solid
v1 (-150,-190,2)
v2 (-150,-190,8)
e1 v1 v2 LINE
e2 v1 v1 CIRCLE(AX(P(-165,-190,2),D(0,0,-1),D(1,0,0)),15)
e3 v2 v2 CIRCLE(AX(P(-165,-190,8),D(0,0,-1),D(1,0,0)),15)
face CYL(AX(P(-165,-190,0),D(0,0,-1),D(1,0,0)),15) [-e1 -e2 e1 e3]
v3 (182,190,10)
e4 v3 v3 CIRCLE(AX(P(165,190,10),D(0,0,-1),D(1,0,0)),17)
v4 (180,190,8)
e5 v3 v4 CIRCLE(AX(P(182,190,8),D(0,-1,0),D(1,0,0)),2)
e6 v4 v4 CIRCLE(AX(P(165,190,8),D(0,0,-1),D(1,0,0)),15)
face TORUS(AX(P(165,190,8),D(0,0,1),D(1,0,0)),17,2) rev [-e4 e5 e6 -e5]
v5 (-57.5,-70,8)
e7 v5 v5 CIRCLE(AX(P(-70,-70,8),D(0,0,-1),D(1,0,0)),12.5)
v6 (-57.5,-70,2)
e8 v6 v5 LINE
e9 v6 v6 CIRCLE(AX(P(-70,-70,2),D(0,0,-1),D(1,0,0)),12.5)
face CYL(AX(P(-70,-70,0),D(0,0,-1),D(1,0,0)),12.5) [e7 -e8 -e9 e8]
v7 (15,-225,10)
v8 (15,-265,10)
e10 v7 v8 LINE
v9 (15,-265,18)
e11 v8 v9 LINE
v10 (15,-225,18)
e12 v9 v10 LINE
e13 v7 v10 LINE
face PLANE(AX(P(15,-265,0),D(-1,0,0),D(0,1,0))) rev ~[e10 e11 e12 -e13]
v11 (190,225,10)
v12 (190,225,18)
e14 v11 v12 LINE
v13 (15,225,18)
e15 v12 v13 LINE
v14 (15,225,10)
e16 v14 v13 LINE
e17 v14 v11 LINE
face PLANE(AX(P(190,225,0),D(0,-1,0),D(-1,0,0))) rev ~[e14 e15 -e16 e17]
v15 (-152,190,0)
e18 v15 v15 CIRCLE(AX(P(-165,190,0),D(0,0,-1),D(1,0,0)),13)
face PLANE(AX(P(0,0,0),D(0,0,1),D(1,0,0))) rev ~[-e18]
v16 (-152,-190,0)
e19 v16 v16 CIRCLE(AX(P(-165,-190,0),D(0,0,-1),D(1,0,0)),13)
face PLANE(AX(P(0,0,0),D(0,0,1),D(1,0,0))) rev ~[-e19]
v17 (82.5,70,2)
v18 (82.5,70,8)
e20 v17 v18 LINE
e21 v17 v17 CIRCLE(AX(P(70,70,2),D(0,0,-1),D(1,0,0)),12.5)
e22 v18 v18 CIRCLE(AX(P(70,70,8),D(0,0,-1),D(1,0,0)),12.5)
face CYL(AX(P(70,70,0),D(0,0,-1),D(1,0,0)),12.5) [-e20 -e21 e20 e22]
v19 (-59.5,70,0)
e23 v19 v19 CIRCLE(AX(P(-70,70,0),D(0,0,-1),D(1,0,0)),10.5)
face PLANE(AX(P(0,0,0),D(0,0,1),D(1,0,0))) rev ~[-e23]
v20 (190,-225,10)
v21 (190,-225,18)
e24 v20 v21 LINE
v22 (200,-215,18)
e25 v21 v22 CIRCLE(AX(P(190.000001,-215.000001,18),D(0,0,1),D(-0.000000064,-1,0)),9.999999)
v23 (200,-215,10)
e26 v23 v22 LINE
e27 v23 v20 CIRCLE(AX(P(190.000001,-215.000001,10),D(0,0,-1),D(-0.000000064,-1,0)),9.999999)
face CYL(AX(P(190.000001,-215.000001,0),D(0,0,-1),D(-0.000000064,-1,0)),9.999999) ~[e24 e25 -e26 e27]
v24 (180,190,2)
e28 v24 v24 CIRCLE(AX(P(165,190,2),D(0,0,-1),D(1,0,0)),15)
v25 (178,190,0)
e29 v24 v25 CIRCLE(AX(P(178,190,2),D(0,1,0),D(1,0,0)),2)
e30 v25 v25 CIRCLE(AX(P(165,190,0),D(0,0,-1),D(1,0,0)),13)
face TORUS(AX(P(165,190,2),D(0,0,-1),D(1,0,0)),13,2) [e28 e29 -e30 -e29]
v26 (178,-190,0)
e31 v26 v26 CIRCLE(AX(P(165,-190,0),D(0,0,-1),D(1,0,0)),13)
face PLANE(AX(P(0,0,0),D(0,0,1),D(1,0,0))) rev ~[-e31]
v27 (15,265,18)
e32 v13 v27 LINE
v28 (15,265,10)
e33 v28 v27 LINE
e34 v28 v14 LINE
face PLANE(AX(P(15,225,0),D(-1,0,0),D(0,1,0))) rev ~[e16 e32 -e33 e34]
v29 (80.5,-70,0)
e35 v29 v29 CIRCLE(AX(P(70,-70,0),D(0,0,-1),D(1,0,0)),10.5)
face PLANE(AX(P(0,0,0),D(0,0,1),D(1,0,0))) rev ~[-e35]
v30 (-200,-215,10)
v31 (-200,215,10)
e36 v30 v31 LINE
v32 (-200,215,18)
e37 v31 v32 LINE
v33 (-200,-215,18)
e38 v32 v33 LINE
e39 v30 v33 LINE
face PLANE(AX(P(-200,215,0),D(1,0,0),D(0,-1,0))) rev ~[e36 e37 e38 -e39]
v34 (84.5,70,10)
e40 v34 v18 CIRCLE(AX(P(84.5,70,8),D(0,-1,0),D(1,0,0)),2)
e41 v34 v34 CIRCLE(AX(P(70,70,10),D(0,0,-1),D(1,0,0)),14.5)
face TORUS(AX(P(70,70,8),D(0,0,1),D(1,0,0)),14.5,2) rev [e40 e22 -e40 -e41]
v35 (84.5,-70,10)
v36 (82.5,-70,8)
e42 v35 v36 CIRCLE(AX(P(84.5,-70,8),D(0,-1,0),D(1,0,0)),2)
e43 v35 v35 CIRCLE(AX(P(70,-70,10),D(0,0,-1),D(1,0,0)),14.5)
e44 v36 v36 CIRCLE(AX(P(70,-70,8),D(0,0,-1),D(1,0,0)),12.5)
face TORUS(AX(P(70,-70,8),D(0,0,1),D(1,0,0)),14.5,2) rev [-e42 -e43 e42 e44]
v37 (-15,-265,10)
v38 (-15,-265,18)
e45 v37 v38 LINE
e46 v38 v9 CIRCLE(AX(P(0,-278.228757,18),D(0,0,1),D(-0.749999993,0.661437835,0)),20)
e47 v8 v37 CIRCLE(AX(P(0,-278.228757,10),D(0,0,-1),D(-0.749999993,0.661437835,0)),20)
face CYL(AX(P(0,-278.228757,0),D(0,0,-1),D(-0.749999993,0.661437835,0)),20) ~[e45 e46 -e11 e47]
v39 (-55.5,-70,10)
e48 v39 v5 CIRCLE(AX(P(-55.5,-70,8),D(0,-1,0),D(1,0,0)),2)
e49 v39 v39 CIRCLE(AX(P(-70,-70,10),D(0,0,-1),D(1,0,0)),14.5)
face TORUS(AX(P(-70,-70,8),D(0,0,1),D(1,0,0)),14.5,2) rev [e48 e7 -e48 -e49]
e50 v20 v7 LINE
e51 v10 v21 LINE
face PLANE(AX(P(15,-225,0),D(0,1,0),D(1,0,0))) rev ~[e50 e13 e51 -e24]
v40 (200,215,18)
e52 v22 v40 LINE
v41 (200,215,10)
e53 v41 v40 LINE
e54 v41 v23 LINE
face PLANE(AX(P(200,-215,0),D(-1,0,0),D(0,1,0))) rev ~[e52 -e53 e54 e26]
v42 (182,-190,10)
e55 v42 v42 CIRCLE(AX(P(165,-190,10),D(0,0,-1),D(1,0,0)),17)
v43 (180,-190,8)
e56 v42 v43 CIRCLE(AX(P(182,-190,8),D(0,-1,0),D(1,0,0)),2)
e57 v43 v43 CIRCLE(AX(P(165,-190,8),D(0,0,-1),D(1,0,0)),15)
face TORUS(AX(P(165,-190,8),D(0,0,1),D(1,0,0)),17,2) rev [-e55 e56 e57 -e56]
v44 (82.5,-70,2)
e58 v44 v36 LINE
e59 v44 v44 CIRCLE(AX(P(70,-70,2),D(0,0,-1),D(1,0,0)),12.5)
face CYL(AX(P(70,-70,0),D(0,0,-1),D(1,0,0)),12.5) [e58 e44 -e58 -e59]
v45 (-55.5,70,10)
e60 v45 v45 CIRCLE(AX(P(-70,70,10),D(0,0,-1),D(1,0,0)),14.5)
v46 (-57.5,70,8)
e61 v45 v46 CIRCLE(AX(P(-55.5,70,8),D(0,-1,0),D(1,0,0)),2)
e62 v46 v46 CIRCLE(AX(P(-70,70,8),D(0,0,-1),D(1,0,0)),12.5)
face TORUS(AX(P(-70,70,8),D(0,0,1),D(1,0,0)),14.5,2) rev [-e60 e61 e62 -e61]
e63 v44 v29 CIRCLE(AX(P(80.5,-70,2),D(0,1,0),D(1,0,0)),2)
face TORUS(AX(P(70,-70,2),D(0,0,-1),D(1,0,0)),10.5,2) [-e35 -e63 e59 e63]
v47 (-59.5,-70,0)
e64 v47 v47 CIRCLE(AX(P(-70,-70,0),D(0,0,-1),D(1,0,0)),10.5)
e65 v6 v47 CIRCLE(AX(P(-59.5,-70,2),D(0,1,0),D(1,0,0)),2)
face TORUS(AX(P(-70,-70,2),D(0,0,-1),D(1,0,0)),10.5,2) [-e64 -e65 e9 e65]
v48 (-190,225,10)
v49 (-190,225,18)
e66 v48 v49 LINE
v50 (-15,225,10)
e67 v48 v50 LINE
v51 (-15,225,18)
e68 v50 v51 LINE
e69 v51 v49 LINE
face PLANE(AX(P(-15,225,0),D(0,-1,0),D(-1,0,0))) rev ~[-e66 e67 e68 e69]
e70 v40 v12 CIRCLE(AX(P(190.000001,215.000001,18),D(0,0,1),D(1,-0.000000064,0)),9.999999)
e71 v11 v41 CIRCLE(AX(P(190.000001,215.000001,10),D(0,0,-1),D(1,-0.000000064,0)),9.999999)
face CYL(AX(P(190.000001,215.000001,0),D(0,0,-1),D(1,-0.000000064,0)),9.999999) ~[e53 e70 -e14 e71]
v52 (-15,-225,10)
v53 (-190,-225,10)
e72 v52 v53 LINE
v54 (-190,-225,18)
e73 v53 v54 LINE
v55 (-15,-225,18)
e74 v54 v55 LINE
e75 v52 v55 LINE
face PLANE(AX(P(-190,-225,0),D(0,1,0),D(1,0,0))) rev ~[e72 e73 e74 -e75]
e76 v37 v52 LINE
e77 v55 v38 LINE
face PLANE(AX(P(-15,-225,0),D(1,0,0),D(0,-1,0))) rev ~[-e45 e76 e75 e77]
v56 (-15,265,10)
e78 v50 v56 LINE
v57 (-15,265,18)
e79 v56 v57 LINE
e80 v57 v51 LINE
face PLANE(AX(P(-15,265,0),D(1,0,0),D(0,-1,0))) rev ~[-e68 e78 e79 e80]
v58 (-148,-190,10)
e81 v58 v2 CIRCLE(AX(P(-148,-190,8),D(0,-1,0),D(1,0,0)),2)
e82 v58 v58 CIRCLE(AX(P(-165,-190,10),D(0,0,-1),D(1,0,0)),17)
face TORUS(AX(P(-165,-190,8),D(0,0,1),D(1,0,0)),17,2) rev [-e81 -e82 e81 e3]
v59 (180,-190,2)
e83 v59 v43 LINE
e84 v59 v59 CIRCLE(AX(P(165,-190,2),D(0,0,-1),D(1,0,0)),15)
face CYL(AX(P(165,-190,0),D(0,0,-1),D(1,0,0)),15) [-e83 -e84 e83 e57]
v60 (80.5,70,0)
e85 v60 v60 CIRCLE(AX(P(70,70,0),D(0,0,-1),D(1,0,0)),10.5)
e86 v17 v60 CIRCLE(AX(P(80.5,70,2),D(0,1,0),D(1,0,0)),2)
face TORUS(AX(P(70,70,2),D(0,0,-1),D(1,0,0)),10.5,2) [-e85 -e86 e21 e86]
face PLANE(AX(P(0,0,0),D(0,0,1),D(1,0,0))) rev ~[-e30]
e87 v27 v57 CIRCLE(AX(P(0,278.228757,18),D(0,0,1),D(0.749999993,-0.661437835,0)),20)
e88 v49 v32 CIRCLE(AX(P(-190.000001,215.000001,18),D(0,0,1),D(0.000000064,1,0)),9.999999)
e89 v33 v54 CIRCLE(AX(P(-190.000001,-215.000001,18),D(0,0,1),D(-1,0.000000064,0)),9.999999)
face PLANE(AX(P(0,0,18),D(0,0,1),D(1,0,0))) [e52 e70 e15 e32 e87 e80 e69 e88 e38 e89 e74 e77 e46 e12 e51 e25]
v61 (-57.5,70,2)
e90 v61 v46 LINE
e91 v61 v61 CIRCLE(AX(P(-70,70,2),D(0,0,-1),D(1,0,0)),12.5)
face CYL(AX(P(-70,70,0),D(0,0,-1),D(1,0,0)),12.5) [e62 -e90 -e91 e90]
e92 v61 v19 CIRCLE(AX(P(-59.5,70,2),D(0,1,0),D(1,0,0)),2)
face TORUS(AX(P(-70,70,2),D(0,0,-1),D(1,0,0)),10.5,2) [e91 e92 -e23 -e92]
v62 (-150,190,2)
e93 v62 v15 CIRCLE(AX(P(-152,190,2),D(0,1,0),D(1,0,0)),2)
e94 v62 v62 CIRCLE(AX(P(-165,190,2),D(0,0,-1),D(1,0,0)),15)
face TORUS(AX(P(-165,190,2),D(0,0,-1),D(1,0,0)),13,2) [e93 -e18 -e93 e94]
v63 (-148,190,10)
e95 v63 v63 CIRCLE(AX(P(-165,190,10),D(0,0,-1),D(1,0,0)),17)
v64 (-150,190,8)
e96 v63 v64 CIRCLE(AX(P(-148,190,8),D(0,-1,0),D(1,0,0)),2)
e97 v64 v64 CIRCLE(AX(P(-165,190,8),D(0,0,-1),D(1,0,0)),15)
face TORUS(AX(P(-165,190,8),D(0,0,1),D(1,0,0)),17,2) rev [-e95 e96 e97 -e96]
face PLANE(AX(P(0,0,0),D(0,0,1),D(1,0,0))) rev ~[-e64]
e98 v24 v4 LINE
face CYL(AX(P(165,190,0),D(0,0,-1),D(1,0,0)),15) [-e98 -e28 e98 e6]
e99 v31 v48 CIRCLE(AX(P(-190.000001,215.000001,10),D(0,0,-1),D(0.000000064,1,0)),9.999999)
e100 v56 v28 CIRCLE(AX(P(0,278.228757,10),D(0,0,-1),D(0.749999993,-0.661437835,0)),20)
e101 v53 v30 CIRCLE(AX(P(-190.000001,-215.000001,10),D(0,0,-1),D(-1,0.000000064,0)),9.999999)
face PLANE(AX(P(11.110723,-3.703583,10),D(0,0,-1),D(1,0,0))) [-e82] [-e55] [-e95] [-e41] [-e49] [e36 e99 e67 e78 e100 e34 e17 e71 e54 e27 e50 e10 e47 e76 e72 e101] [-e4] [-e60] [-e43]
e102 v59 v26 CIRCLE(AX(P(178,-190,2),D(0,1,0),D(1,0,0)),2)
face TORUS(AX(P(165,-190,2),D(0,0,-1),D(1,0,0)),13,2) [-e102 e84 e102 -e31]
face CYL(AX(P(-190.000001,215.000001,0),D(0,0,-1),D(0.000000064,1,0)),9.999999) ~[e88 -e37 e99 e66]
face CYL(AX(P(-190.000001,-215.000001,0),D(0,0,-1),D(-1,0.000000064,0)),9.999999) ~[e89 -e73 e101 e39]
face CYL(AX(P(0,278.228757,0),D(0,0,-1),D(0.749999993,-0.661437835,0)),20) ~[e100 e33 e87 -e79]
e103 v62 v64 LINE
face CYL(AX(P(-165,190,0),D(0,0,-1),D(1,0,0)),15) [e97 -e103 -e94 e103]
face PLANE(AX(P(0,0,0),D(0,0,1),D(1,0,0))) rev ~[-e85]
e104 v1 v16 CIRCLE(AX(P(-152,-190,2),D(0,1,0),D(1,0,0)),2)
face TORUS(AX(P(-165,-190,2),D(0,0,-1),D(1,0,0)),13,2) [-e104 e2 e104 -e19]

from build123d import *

# Parameters (mm, degrees)
F1_DEPTH = 18
F2_W     = 597.534776
F2_H     = 613.757442
F2_R     = 15
F2_R_2   = 12.5
F3_DEPTH = 10
F4_R     = 2


with BuildPart() as f1:
    # F0 (on Top) → F1 (new body)
    with BuildSketch(Plane.XY):
        with BuildLine():
            Line((-200, 215), (-200, 0))
            Line((-200, 0), (-200, -215))
            ThreePointArc((-200, -215), (-197.071068, -222.071068), (-190, -225))
            Line((-190, -225), (-15, -225))
            Line((-15, -225), (0, -225))
            Line((0, -225), (15, -225))
            Line((15, -225), (190, -225))
            ThreePointArc((190, -225), (197.071068, -222.071068), (200, -215))
            Line((200, -215), (200, 0))
            Line((200, 0), (200, 215))
            ThreePointArc((200, 215), (197.071068, 222.071068), (190, 225))
            Line((190, 225), (15, 225))
            Line((15, 225), (0, 225))
            Line((0, 225), (-15, 225))
            Line((-15, 225), (-190, 225))
            ThreePointArc((-190, 225), (-197.071068, 222.071068), (-200, 215))
        make_face()
        Polygon((-15, 265), (-15, 225), (0, 225), (15, 225), (15, 265), align=None)
        Polygon((0, -225), (-15, -225), (-15, -265), (15, -265), (15, -225), align=None)
        with BuildLine():
            ThreePointArc((15, 265), (0, 298.228757), (-15, 265))
            Line((-15, 265), (15, 265))
        make_face()
        with BuildLine():
            Line((15, -265), (-15, -265))
            ThreePointArc((-15, -265), (0, -298.228757), (15, -265))
        make_face()
    extrude(amount=F1_DEPTH)

    # F2 (on face) → F3 (cut)
    with BuildSketch(Plane(origin=(0, 0, 0), x_dir=(1, 0, 0), z_dir=(0, 0, -1))):
        with Locations((11.110723, 3.703583)):
            Rectangle(F2_W, F2_H)
        with Locations((-165, -190)):
            Circle(F2_R, mode=Mode.SUBTRACT)
        with Locations((-70, -70)):
            Circle(F2_R_2, mode=Mode.SUBTRACT)
        with Locations((165, -190)):
            Circle(F2_R, mode=Mode.SUBTRACT)
        with Locations((70, -70)):
            Circle(F2_R_2, mode=Mode.SUBTRACT)
        with Locations((-70, 70)):
            Circle(F2_R_2, mode=Mode.SUBTRACT)
        with Locations((-165, 190)):
            Circle(F2_R, mode=Mode.SUBTRACT)
        with Locations((70, 70)):
            Circle(F2_R_2, mode=Mode.SUBTRACT)
        with Locations((165, 190)):
            Circle(F2_R, mode=Mode.SUBTRACT)
    extrude(amount=-F3_DEPTH, mode=Mode.SUBTRACT)

    # F4
    f4_edges = [f1.edges().sort_by_distance(p)[0] for p in [
        (180, 190, 5),
        (150, 190, 0),
        (150, 190, 10),
        (82.5, 70, 5),
        (57.5, 70, 0),
        (57.5, 70, 10),
        (82.5, -70, 5),
        (57.5, -70, 0),
        (57.5, -70, 10),
        (180, -190, 5),
        (150, -190, 0),
        (150, -190, 10),
        (-57.5, -70, 5),
        (-82.5, -70, 0),
        (-82.5, -70, 10),
        (-57.5, 70, 5),
        (-82.5, 70, 0),
        (-82.5, 70, 10),
        (-150, -190, 5),
        (-180, -190, 0),
        (-180, -190, 10),
        (-150, 190, 5),
        (-180, 190, 0),
        (-180, 190, 10),
    ]]
    fillet(f4_edges, radius=F4_R)


solid = f1.part
